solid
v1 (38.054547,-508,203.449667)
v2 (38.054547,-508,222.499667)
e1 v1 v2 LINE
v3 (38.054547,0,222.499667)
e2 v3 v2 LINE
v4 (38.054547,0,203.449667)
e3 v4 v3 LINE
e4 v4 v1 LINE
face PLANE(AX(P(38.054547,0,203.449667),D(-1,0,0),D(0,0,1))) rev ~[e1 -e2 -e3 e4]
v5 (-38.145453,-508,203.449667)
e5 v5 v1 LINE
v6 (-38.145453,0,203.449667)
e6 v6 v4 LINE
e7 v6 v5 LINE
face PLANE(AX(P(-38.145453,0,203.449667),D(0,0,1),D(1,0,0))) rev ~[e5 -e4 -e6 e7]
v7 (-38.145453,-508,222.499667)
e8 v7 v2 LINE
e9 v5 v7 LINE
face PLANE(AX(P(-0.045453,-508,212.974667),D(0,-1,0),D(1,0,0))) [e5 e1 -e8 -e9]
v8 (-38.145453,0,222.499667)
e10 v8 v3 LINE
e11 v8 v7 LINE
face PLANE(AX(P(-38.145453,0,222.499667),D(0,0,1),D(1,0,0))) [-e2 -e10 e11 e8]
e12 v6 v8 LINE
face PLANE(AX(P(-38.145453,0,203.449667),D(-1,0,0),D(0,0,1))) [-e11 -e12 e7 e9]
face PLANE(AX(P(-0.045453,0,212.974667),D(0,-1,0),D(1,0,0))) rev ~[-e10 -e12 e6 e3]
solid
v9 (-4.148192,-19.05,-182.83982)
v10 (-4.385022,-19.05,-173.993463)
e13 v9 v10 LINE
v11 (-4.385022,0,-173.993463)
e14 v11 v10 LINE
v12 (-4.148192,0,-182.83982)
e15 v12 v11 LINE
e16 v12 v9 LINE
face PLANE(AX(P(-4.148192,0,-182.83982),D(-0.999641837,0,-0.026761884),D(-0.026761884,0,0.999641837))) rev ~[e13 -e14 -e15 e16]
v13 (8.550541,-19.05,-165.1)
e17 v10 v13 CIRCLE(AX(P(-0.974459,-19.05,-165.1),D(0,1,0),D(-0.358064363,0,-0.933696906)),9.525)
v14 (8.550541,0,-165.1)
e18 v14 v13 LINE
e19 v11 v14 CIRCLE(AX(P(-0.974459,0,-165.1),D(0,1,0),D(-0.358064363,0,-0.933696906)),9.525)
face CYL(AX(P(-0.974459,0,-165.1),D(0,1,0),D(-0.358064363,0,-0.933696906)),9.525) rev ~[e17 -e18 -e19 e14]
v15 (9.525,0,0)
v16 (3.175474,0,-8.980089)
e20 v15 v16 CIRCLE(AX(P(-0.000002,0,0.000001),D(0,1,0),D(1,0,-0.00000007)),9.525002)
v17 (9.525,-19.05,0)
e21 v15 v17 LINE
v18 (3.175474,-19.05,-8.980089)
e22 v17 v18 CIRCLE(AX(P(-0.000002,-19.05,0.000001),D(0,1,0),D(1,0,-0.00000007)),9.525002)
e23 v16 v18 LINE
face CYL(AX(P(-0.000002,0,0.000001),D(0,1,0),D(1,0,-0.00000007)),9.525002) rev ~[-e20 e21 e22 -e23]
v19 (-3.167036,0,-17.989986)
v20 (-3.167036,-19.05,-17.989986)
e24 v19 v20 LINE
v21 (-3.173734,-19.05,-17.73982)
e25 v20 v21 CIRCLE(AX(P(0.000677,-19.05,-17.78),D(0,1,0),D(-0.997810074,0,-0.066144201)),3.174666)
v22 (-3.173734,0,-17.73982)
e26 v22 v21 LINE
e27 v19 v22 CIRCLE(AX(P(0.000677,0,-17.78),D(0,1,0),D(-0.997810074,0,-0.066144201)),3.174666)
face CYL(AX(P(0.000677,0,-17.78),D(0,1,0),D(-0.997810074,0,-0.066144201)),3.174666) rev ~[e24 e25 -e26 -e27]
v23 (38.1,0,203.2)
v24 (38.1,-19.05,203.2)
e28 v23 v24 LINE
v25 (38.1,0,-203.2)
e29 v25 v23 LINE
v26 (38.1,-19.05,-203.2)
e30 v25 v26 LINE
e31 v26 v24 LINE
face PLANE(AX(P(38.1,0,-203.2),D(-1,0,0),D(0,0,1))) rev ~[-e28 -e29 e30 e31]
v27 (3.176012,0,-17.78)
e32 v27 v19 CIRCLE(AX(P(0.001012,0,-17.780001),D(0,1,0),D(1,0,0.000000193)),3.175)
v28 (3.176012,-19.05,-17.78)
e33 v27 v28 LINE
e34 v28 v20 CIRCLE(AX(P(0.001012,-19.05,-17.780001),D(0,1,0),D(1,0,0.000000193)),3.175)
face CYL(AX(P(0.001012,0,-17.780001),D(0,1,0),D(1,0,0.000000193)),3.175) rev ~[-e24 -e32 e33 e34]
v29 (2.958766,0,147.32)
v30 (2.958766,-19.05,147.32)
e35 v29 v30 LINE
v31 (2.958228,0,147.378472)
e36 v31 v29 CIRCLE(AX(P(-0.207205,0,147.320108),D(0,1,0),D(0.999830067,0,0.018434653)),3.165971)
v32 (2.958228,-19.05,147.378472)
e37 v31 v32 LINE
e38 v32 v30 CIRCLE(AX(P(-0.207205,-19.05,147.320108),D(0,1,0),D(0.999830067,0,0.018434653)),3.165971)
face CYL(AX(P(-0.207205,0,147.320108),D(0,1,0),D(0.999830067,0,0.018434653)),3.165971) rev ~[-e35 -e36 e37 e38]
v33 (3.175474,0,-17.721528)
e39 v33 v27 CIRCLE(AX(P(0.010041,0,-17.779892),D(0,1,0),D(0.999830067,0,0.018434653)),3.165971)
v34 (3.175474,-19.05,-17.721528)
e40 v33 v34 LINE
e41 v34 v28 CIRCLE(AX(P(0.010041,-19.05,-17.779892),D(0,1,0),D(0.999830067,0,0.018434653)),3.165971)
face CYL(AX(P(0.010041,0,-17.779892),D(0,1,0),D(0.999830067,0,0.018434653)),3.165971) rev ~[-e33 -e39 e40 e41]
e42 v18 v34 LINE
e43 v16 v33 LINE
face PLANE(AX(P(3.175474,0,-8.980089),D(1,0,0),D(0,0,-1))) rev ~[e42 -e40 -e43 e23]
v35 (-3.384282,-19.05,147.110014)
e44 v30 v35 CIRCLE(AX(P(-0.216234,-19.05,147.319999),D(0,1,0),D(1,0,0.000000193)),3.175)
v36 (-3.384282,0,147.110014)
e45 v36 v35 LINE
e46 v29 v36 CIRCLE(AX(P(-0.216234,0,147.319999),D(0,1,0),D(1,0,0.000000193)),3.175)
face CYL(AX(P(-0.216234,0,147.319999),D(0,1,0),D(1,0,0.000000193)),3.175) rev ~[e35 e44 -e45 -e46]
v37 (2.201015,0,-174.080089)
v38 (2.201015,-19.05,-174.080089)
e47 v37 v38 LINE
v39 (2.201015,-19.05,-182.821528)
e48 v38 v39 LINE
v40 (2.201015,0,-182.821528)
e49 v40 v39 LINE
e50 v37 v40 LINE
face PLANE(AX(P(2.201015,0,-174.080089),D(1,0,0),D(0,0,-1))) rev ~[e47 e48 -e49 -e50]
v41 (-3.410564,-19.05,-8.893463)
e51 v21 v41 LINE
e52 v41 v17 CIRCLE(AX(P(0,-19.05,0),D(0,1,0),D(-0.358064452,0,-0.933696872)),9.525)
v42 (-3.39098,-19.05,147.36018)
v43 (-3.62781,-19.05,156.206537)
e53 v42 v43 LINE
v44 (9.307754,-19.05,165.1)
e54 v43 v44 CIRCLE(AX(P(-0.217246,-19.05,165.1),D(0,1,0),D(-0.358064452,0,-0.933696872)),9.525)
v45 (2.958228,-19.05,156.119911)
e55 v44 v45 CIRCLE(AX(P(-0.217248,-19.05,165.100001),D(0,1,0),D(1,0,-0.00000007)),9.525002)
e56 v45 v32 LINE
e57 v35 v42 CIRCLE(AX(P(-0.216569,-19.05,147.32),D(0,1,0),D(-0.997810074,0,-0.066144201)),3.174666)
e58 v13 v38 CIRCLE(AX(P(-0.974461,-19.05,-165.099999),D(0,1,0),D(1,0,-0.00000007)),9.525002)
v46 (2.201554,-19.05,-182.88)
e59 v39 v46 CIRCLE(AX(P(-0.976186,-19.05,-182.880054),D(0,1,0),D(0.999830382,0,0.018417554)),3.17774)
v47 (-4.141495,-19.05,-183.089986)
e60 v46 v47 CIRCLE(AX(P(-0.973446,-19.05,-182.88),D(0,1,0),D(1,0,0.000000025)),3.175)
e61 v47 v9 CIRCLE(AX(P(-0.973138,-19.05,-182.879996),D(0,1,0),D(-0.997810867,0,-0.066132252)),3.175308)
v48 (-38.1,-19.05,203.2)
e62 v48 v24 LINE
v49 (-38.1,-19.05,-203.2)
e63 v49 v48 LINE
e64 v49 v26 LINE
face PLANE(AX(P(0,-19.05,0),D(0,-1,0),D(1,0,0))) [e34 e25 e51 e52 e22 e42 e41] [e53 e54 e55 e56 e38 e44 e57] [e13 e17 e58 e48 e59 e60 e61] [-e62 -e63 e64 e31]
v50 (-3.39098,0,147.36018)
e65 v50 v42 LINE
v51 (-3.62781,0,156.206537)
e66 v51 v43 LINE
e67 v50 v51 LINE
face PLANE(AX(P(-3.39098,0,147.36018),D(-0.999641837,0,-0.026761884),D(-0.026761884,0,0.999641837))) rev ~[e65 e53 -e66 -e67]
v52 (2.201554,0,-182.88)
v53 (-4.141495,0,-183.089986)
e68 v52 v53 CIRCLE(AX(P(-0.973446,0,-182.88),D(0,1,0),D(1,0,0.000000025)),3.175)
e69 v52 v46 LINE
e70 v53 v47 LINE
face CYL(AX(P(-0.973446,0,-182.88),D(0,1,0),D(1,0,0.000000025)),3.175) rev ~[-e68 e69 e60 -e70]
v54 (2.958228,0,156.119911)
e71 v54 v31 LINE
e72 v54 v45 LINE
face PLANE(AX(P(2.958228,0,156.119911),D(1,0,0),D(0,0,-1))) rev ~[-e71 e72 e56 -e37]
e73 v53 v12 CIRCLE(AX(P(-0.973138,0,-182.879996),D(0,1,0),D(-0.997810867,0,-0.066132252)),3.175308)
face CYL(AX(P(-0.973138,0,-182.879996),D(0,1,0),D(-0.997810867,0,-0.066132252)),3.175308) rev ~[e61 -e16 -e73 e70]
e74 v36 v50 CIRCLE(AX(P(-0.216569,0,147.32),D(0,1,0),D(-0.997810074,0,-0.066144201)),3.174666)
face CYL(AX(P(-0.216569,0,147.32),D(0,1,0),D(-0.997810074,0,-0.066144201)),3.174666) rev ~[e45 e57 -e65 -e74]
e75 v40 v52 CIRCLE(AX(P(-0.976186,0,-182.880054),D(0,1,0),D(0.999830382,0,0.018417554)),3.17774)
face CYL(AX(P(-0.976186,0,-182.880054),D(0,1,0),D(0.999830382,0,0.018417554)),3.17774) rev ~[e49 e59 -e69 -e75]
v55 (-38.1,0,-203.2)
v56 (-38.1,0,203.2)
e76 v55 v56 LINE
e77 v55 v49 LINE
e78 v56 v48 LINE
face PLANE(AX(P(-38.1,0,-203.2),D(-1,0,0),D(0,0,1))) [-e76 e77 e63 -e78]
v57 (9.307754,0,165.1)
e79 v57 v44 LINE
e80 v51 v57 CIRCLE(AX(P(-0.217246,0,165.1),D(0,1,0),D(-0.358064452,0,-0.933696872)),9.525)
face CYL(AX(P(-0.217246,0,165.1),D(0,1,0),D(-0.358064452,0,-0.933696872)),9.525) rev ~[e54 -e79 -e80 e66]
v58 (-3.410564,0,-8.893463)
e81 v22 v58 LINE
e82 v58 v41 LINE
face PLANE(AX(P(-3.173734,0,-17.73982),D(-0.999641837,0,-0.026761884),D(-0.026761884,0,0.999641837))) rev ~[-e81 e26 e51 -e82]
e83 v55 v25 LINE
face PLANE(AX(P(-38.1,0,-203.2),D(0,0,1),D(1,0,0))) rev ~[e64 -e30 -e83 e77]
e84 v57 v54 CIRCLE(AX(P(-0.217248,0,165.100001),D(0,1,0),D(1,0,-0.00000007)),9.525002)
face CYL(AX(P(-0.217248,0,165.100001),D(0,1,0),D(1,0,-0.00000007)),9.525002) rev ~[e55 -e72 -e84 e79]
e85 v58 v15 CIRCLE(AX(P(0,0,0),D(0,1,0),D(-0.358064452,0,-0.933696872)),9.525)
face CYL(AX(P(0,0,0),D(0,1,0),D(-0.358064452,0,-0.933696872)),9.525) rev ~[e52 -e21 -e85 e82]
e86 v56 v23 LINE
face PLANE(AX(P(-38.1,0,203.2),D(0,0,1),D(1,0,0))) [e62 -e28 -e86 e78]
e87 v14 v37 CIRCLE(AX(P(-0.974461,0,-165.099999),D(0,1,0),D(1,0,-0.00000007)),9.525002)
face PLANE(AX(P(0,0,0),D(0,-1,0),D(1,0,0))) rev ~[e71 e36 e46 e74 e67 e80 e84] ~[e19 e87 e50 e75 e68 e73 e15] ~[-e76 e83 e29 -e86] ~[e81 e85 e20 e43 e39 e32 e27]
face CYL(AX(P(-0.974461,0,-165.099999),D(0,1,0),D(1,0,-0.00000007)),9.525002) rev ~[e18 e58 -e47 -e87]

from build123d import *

# Parameters (mm, degrees)
F0_W     = 76.2
F0_H     = 406.4
F1_DEPTH = 19.05
F2_W     = 76.2
F2_H     = 19.05
F3_DEPTH = 508


with BuildPart() as f1:
    # F0 (on Front) → F1 (new body)
    with BuildSketch(Plane.XZ):
        Rectangle(F0_W, F0_H)
        with BuildLine():
            ThreePointArc((-4.385022, -173.993463), (-6.370754, -157.251075), (8.550541, -165.1))
            ThreePointArc((8.550541, -165.1), (6.802816, -170.599056), (2.201015, -174.080089))
            Line((2.201015, -174.080089), (2.201015, -182.821528))
            ThreePointArc((2.201015, -182.821528), (2.201419, -182.850763), (2.201554, -182.88))
            ThreePointArc((2.201554, -182.88), (-0.868396, -186.053262), (-4.141495, -183.089986))
            ThreePointArc((-4.141495, -183.089986), (-4.147309, -182.964969), (-4.148192, -182.83982))
            Line((-4.148192, -182.83982), (-4.385022, -173.993463))
        make_face(mode=Mode.SUBTRACT)
        with BuildLine():
            ThreePointArc((-3.410564, -8.893463), (-5.396295, 7.848925), (9.525, 0))
            ThreePointArc((9.525, 0), (7.777275, -5.499056), (3.175474, -8.980089))
            Line((3.175474, -8.980089), (3.175474, -17.721528))
            ThreePointArc((3.175474, -17.721528), (3.175878, -17.750763), (3.176012, -17.78))
            ThreePointArc((3.176012, -17.78), (0.106063, -20.953262), (-3.167036, -17.989986))
            ThreePointArc((-3.167036, -17.989986), (-3.172851, -17.864969), (-3.173734, -17.73982))
            Line((-3.173734, -17.73982), (-3.410564, -8.893463))
        make_face(mode=Mode.SUBTRACT)
        with BuildLine():
            ThreePointArc((-3.62781, 156.206537), (-5.613541, 172.948925), (9.307754, 165.1))
            ThreePointArc((9.307754, 165.1), (7.560029, 159.600944), (2.958228, 156.119911))
            Line((2.958228, 156.119911), (2.958228, 147.378472))
            ThreePointArc((2.958228, 147.378472), (2.958632, 147.349237), (2.958766, 147.32))
            ThreePointArc((2.958766, 147.32), (-0.111183, 144.146738), (-3.384282, 147.110014))
            ThreePointArc((-3.384282, 147.110014), (-3.390097, 147.235031), (-3.39098, 147.36018))
            Line((-3.39098, 147.36018), (-3.62781, 156.206537))
        make_face(mode=Mode.SUBTRACT)
    extrude(amount=F1_DEPTH)


with BuildPart() as f3:
    # F2 (on Front) → F3 (new body)
    with BuildSketch(Plane.XZ):
        with Locations((-0.045453, 212.974667)):
            Rectangle(F2_W, F2_H)
    extrude(amount=F3_DEPTH)


solid = Compound([f1.part, f3.part])
